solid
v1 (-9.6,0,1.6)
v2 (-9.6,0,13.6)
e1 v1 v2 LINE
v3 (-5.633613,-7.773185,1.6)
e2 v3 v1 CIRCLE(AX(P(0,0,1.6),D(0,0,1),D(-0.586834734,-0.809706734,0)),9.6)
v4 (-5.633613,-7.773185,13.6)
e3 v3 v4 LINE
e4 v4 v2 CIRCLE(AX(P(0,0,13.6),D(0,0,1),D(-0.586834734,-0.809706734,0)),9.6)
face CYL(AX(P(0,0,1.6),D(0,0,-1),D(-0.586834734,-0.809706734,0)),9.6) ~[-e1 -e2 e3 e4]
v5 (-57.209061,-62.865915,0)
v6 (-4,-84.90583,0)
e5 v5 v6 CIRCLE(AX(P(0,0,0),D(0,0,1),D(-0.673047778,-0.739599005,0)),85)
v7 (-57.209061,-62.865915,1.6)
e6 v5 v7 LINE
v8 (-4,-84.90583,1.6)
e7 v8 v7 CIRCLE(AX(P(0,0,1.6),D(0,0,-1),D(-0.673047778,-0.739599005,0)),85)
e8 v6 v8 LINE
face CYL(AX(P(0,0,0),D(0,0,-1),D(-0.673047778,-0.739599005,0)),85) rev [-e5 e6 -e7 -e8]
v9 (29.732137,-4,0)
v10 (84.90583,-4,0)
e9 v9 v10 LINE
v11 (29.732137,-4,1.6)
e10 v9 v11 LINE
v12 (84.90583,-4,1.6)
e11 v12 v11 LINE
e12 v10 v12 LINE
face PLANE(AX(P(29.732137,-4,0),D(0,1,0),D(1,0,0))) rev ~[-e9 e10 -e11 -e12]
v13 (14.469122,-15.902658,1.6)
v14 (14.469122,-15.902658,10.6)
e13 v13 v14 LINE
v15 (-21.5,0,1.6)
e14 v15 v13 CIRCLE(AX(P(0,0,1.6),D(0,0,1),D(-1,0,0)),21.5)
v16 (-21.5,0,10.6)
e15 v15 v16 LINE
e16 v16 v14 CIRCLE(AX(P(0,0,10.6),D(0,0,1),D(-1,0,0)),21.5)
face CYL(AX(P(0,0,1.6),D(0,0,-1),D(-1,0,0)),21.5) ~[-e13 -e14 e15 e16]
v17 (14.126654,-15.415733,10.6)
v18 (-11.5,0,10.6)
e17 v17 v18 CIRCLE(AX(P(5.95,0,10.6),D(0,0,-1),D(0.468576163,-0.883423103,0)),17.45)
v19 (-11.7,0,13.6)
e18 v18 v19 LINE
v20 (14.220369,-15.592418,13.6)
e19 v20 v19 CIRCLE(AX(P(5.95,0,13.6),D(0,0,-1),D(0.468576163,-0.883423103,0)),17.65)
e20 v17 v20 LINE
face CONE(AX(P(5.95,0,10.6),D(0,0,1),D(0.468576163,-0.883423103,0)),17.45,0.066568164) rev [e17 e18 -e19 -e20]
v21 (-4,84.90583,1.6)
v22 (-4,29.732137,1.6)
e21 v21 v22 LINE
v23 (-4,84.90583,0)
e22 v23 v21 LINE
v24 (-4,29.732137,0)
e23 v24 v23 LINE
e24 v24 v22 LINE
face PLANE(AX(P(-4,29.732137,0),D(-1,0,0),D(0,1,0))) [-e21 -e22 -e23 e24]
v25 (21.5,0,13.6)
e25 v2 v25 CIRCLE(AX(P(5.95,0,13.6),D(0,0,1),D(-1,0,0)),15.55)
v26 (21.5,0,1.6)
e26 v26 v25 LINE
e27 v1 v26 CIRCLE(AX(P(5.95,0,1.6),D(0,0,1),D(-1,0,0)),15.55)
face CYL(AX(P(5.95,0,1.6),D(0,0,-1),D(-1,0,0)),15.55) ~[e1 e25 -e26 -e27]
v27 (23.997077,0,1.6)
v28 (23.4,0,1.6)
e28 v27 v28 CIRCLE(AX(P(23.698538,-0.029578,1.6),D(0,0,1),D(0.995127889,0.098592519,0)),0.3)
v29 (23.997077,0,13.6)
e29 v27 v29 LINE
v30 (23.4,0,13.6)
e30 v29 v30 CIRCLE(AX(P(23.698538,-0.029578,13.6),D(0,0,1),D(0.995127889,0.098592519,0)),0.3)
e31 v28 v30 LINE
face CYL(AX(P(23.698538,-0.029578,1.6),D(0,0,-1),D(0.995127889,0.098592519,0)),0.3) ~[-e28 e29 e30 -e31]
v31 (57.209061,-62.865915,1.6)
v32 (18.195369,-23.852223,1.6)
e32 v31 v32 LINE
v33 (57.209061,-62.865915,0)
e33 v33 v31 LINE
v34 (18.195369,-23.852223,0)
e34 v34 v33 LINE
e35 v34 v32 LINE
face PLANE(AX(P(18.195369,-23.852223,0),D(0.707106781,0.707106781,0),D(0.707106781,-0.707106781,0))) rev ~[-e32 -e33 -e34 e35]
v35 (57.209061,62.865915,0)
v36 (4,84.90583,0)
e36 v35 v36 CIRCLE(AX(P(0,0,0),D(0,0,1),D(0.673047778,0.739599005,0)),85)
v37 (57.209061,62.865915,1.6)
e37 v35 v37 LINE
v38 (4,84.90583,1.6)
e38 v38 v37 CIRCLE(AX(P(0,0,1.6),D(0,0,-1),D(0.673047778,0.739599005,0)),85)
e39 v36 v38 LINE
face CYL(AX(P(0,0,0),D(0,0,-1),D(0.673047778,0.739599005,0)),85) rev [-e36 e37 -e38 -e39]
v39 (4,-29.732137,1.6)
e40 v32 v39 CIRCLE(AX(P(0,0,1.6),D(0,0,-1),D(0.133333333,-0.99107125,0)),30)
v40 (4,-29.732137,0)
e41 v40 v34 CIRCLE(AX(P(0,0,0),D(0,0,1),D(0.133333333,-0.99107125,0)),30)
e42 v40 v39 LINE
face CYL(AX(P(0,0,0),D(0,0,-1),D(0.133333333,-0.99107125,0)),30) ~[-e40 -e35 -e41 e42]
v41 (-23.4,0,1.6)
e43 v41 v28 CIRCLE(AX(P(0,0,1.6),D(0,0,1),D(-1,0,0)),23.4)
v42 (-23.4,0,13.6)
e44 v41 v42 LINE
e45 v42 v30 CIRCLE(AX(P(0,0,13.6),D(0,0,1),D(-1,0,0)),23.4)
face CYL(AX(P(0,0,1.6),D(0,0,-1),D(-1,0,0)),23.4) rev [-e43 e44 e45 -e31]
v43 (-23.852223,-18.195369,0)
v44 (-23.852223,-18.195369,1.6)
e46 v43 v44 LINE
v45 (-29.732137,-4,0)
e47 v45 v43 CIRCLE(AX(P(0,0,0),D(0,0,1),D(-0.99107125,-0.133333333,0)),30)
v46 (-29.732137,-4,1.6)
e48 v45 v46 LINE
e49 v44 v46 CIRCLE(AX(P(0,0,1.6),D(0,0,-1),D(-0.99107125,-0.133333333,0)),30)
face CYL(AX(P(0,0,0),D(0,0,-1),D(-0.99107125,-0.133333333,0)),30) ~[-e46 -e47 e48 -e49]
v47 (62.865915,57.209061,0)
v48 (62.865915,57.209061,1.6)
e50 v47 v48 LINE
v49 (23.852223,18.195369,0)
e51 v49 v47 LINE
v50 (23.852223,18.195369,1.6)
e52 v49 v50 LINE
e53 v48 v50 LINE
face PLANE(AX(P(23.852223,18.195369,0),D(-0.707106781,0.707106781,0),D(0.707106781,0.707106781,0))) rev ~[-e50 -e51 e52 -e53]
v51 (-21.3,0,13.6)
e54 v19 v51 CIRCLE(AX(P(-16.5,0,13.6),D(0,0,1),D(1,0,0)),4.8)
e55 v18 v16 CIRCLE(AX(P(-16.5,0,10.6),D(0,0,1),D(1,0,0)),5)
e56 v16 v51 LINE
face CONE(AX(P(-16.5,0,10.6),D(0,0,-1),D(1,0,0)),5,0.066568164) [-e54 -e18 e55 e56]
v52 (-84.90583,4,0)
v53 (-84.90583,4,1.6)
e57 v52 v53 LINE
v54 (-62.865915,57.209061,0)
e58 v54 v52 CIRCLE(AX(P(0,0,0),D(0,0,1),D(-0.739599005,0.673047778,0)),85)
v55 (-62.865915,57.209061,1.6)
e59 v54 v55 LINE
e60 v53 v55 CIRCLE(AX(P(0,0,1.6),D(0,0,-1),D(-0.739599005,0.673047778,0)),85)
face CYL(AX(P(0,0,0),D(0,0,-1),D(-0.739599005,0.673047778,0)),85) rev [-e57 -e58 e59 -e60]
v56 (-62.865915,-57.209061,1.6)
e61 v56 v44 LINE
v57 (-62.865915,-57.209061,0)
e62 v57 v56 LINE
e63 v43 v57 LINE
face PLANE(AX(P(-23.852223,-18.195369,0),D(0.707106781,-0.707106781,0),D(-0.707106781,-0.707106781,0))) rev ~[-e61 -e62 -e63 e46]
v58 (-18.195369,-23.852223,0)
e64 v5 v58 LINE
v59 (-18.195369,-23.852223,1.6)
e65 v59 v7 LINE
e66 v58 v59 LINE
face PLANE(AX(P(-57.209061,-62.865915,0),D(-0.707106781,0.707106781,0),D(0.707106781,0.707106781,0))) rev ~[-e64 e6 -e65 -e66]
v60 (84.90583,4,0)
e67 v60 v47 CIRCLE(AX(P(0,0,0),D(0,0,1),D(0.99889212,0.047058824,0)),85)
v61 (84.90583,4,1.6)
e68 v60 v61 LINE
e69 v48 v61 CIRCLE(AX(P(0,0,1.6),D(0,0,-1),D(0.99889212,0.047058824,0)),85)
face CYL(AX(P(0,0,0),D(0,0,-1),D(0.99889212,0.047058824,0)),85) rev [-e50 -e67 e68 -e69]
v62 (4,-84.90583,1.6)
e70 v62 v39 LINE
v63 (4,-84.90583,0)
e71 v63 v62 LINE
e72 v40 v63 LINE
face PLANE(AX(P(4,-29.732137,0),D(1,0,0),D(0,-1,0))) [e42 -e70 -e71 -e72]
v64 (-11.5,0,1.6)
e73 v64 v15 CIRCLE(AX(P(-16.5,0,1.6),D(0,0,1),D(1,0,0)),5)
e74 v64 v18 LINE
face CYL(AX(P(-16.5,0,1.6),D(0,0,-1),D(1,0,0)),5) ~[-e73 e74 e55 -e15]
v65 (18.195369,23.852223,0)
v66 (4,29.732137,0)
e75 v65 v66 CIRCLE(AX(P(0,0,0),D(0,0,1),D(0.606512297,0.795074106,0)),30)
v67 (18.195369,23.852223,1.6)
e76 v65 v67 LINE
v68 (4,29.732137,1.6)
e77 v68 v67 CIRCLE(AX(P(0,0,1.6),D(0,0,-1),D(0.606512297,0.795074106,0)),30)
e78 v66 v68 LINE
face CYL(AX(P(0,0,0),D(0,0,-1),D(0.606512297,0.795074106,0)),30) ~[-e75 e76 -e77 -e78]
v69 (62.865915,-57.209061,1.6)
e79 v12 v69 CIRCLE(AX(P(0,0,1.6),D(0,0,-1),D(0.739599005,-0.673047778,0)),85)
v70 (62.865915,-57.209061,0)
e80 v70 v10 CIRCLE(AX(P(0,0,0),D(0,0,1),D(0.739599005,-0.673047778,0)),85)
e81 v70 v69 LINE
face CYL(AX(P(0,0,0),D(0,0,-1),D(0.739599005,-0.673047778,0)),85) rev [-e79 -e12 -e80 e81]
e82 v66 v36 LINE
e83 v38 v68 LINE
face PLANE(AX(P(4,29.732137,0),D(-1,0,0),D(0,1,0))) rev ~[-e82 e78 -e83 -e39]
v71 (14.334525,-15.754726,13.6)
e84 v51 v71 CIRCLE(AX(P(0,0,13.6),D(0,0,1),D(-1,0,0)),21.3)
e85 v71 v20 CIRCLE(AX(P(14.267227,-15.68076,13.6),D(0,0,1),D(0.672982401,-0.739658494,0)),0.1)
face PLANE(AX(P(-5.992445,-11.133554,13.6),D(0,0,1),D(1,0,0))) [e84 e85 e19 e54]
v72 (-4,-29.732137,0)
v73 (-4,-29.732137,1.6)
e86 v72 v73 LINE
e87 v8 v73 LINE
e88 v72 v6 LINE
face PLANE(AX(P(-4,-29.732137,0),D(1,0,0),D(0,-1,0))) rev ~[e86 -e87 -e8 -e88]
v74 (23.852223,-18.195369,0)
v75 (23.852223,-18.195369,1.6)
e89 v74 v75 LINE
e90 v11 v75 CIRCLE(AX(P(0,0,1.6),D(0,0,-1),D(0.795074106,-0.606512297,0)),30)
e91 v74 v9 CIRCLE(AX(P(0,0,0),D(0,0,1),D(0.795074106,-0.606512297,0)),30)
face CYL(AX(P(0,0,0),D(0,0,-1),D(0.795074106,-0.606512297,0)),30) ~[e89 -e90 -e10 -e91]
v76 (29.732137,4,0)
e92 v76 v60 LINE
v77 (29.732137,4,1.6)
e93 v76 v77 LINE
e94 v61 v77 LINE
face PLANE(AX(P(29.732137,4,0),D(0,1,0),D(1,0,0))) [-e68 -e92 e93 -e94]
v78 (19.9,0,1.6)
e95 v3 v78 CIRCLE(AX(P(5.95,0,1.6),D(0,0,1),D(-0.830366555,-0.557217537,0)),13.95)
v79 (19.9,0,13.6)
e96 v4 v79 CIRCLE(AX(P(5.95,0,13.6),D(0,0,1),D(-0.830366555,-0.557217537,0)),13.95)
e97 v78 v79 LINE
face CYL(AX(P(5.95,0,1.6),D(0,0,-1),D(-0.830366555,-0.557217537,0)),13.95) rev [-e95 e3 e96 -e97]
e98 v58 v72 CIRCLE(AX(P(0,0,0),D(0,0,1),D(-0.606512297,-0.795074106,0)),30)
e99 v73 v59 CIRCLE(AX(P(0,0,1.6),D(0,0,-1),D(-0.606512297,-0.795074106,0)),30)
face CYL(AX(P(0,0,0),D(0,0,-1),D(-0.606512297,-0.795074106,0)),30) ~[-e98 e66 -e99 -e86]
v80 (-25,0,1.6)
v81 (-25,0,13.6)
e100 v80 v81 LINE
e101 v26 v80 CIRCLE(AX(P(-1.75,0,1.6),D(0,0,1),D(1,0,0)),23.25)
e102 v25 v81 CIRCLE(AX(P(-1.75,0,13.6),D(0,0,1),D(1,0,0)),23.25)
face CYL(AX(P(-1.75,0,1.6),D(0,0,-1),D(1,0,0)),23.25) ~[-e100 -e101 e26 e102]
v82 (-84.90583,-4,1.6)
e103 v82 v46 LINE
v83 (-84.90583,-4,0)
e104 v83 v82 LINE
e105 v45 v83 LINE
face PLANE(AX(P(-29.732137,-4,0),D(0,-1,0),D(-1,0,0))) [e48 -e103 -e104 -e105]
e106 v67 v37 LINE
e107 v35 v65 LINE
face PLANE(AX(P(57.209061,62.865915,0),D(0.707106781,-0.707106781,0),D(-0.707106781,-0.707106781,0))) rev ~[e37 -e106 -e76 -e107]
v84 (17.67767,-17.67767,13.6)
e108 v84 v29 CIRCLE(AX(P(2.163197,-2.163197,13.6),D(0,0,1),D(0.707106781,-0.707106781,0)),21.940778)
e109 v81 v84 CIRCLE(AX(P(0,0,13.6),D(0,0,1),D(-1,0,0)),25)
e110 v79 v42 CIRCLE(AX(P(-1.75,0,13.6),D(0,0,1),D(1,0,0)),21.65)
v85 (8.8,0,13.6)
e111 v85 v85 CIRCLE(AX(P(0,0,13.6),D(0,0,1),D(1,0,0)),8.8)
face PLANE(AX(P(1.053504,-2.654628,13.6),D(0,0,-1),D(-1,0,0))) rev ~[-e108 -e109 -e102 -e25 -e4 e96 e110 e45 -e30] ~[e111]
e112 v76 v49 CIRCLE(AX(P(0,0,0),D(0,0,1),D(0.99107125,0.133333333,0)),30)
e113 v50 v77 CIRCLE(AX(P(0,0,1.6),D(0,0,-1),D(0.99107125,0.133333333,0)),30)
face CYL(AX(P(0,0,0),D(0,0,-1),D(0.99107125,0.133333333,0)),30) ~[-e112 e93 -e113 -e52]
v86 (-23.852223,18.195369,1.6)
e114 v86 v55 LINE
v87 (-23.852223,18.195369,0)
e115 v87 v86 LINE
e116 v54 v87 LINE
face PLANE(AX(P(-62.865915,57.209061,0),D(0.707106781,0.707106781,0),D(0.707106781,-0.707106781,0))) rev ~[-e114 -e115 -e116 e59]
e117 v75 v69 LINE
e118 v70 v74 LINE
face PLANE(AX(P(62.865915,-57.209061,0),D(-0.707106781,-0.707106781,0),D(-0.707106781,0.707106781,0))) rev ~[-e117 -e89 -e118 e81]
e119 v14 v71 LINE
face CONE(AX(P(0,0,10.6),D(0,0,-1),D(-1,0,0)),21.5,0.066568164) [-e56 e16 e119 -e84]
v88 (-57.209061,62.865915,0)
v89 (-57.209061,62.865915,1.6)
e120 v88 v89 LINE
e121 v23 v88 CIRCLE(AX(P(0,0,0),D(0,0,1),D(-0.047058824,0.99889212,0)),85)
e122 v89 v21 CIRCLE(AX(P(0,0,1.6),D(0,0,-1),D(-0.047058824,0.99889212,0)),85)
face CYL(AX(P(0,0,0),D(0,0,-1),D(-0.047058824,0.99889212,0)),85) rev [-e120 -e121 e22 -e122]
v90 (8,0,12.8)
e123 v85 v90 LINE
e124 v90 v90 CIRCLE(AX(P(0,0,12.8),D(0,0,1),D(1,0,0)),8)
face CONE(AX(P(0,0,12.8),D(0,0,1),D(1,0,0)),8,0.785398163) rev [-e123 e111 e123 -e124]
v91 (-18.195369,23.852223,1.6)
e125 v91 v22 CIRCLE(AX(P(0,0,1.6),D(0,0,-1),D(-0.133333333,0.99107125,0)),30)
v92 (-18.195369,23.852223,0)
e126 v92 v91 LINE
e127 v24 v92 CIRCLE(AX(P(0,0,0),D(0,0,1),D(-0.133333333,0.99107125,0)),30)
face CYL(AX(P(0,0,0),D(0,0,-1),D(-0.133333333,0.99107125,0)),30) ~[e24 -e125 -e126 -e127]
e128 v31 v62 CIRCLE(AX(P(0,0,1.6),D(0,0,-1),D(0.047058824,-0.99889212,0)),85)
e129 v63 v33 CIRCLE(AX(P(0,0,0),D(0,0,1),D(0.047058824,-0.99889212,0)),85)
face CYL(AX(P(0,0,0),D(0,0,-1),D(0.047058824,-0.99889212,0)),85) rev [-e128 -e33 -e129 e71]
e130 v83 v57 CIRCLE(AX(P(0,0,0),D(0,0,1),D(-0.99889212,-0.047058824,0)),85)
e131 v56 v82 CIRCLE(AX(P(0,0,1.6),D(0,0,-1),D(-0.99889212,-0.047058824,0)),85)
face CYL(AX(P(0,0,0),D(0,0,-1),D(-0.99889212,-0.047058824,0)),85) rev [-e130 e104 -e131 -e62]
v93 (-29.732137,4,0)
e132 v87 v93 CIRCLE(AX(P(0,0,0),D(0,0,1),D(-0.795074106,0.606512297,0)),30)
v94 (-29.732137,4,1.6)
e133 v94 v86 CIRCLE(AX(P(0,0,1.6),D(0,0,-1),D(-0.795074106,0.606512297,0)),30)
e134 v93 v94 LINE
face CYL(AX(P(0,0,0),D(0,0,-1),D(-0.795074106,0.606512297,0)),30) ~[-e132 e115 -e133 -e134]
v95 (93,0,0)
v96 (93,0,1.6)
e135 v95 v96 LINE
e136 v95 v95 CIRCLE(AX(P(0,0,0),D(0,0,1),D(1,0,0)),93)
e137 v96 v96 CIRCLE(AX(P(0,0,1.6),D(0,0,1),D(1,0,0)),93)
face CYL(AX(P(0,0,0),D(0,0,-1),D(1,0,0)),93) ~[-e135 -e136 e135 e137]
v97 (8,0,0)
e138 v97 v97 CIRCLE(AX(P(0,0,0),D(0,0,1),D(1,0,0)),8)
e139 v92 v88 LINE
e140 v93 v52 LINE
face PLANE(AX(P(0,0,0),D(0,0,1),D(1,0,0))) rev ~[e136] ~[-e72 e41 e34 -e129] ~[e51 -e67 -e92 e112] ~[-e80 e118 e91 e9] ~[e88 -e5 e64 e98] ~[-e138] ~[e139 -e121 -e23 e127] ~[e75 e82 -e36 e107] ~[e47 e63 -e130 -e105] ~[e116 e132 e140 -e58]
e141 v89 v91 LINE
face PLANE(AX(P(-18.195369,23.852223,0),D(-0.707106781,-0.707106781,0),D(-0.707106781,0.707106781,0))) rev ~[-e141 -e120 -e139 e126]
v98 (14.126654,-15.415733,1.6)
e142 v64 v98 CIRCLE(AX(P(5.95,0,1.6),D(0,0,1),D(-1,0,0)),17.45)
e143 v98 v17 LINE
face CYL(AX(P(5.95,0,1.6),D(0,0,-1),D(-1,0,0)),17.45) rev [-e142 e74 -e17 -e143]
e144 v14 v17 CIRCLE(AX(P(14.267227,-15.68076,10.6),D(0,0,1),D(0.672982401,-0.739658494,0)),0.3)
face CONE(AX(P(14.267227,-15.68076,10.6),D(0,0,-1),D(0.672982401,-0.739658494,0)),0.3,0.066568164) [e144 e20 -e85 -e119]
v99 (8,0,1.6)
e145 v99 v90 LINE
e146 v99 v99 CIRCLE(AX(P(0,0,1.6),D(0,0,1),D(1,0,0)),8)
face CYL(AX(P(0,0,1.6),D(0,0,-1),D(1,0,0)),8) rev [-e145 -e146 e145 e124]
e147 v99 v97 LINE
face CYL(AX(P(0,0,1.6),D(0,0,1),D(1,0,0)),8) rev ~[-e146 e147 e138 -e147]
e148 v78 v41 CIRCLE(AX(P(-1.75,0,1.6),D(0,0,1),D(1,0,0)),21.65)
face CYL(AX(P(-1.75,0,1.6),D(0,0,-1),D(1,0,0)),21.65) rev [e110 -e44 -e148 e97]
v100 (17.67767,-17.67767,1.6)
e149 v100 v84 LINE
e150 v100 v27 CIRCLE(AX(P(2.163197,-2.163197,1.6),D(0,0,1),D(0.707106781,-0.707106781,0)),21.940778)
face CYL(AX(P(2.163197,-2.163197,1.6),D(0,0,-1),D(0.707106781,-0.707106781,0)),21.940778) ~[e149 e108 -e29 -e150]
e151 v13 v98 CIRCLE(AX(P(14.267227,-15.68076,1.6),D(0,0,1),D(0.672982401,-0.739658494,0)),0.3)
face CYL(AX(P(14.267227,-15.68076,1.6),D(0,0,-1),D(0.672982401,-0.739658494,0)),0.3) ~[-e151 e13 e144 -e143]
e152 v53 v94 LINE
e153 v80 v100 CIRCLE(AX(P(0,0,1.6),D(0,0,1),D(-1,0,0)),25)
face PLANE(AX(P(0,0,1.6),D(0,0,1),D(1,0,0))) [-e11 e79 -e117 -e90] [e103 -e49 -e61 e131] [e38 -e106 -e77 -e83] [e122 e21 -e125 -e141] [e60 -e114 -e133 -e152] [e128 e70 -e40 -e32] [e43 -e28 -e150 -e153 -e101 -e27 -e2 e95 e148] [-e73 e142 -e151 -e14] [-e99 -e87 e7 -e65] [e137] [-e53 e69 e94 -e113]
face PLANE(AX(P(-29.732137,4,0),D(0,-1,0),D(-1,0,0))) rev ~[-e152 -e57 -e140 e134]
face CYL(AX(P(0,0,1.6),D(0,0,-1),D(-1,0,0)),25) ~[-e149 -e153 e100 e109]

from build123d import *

# Parameters (mm, degrees)
SKETCH012_R           = 93
PAD008_DEPTH          = 1.6
POCKET003_DEPTH       = 527.6981773351
POLARPATTERN001_COUNT = 4
SKETCH015_R           = 8
POCKET004_DEPTH       = 1.601
SKETCH013_R           = 8
PAD009_DEPTH          = 12
CHAMFER005_SIZE2      = 0.2
CHAMFER005_SIZE       = 3
CHAMFER006_SIZE       = 0.8


with BuildPart() as part:
    # Sketch012 → Pad008 (new body)
    with BuildSketch(Plane.XY):
        Circle(SKETCH012_R)
    extrude(amount=PAD008_DEPTH)

    # Sketch014 → Pocket003 (cut, through all)
    with BuildSketch(Plane.XY):
        with BuildLine():
            Line((-29.7321374946, 4), (-84.9058301885, 4))
            ThreePointArc((-62.8659154133, 57.2090611638), (-78.5297602635, 32.528091751), (-84.9058301885, 4))
            Line((-62.8659154133, 57.2090611638), (-23.8522231664, 18.1953689169))
            ThreePointArc((-23.8522231664, 18.1953689169), (-27.7163859753, 11.480502971), (-29.7321374946, 4))
        make_face()
        with BuildLine():
            Line((-18.1953689169, 23.8522231664), (-57.2090611638, 62.8659154133))
            ThreePointArc((-4, 84.9058301885), (-32.528091751, 78.5297602635), (-57.2090611638, 62.8659154133))
            Line((-4, 29.7321374946), (-4, 84.9058301885))
            ThreePointArc((-4, 29.7321374946), (-11.480502971, 27.7163859753), (-18.1953689169, 23.8522231664))
        make_face()
    pocket003 = extrude(amount=POCKET003_DEPTH, mode=Mode.SUBTRACT)

    # PolarPattern001: Pocket003 ×4 about axis
    polarpattern001_axis = Axis((0, 0, 0), (0, 0, 1))
    for i in range(1, POLARPATTERN001_COUNT):
        add(pocket003.rotate(polarpattern001_axis, i * 360 / POLARPATTERN001_COUNT), mode=Mode.SUBTRACT)

    # Sketch015 → Pocket004 (cut, through all)
    with BuildSketch(Plane.XY.offset(1.6)):
        Circle(SKETCH015_R)
    extrude(amount=-POCKET004_DEPTH, mode=Mode.SUBTRACT)

    # Sketch013 → Pad009 (join)
    with BuildSketch(Plane.XY.offset(1.6)):
        with BuildLine():
            ThreePointArc((-23.4, 0), (0, -23.4), (23.4, 0))
            ThreePointArc((23.9970767333, 0), (23.6985383667, 0.2704222444), (23.4, 0))
            ThreePointArc((17.6776695297, -17.6776695297), (22.8235419267, -9.5488497004), (23.9970767333, 0))
            ThreePointArc((-25, 0), (-9.5670858091, -23.0969883128), (17.6776695297, -17.6776695297))
            ThreePointArc((21.5, 0), (-1.75, 23.25), (-25, 0))
            ThreePointArc((-9.6, -2.3e-09), (5.9500000012, -15.5499999986), (21.5, 0))
            ThreePointArc((-5.6336134454, -7.7731846465), (8.5511019487, 4.3633307762), (-9.6, 0))
            ThreePointArc((-5.6336134454, -7.7731846465), (10.0127018373, -13.3452970661), (19.9, 0))
            ThreePointArc((19.9, 0), (-1.75, 21.65), (-23.4, 0))
        make_face()
        Circle(SKETCH013_R, mode=Mode.SUBTRACT)
        with BuildLine():
            ThreePointArc((-11.5, 0), (-16.5, 5), (-21.5, 0))
            ThreePointArc((-21.5, 0), (-8.6937875889, -19.6638769667), (14.4691216149, -15.90265763))
            ThreePointArc((14.4691216149, -15.90265763), (14.5126122143, -15.5081737413), (14.1266540458, -15.4157331507))
            ThreePointArc((-11.5, 0), (-3.0449954664, -14.9530116204), (14.1266540458, -15.4157331507))
        make_face()
    extrude(amount=PAD009_DEPTH)

    # Chamfer005
    chamfer005_edges = [part.edges().sort_by_distance(p)[0] for p in [
        (-8.693788, -19.663877, 13.6),
    ]]
    chamfer005_side = part.faces().sort_by_distance((-8.693788, -19.663877, 7.6))[0]
    chamfer(chamfer005_edges, length=CHAMFER005_SIZE, length2=CHAMFER005_SIZE2, reference=chamfer005_side)

    # Chamfer006
    chamfer006_edges = [part.edges().sort_by_distance(p)[0] for p in [
        (-8, 0, 13.6),
    ]]
    chamfer(chamfer006_edges, length=CHAMFER006_SIZE)


solid = part.part
